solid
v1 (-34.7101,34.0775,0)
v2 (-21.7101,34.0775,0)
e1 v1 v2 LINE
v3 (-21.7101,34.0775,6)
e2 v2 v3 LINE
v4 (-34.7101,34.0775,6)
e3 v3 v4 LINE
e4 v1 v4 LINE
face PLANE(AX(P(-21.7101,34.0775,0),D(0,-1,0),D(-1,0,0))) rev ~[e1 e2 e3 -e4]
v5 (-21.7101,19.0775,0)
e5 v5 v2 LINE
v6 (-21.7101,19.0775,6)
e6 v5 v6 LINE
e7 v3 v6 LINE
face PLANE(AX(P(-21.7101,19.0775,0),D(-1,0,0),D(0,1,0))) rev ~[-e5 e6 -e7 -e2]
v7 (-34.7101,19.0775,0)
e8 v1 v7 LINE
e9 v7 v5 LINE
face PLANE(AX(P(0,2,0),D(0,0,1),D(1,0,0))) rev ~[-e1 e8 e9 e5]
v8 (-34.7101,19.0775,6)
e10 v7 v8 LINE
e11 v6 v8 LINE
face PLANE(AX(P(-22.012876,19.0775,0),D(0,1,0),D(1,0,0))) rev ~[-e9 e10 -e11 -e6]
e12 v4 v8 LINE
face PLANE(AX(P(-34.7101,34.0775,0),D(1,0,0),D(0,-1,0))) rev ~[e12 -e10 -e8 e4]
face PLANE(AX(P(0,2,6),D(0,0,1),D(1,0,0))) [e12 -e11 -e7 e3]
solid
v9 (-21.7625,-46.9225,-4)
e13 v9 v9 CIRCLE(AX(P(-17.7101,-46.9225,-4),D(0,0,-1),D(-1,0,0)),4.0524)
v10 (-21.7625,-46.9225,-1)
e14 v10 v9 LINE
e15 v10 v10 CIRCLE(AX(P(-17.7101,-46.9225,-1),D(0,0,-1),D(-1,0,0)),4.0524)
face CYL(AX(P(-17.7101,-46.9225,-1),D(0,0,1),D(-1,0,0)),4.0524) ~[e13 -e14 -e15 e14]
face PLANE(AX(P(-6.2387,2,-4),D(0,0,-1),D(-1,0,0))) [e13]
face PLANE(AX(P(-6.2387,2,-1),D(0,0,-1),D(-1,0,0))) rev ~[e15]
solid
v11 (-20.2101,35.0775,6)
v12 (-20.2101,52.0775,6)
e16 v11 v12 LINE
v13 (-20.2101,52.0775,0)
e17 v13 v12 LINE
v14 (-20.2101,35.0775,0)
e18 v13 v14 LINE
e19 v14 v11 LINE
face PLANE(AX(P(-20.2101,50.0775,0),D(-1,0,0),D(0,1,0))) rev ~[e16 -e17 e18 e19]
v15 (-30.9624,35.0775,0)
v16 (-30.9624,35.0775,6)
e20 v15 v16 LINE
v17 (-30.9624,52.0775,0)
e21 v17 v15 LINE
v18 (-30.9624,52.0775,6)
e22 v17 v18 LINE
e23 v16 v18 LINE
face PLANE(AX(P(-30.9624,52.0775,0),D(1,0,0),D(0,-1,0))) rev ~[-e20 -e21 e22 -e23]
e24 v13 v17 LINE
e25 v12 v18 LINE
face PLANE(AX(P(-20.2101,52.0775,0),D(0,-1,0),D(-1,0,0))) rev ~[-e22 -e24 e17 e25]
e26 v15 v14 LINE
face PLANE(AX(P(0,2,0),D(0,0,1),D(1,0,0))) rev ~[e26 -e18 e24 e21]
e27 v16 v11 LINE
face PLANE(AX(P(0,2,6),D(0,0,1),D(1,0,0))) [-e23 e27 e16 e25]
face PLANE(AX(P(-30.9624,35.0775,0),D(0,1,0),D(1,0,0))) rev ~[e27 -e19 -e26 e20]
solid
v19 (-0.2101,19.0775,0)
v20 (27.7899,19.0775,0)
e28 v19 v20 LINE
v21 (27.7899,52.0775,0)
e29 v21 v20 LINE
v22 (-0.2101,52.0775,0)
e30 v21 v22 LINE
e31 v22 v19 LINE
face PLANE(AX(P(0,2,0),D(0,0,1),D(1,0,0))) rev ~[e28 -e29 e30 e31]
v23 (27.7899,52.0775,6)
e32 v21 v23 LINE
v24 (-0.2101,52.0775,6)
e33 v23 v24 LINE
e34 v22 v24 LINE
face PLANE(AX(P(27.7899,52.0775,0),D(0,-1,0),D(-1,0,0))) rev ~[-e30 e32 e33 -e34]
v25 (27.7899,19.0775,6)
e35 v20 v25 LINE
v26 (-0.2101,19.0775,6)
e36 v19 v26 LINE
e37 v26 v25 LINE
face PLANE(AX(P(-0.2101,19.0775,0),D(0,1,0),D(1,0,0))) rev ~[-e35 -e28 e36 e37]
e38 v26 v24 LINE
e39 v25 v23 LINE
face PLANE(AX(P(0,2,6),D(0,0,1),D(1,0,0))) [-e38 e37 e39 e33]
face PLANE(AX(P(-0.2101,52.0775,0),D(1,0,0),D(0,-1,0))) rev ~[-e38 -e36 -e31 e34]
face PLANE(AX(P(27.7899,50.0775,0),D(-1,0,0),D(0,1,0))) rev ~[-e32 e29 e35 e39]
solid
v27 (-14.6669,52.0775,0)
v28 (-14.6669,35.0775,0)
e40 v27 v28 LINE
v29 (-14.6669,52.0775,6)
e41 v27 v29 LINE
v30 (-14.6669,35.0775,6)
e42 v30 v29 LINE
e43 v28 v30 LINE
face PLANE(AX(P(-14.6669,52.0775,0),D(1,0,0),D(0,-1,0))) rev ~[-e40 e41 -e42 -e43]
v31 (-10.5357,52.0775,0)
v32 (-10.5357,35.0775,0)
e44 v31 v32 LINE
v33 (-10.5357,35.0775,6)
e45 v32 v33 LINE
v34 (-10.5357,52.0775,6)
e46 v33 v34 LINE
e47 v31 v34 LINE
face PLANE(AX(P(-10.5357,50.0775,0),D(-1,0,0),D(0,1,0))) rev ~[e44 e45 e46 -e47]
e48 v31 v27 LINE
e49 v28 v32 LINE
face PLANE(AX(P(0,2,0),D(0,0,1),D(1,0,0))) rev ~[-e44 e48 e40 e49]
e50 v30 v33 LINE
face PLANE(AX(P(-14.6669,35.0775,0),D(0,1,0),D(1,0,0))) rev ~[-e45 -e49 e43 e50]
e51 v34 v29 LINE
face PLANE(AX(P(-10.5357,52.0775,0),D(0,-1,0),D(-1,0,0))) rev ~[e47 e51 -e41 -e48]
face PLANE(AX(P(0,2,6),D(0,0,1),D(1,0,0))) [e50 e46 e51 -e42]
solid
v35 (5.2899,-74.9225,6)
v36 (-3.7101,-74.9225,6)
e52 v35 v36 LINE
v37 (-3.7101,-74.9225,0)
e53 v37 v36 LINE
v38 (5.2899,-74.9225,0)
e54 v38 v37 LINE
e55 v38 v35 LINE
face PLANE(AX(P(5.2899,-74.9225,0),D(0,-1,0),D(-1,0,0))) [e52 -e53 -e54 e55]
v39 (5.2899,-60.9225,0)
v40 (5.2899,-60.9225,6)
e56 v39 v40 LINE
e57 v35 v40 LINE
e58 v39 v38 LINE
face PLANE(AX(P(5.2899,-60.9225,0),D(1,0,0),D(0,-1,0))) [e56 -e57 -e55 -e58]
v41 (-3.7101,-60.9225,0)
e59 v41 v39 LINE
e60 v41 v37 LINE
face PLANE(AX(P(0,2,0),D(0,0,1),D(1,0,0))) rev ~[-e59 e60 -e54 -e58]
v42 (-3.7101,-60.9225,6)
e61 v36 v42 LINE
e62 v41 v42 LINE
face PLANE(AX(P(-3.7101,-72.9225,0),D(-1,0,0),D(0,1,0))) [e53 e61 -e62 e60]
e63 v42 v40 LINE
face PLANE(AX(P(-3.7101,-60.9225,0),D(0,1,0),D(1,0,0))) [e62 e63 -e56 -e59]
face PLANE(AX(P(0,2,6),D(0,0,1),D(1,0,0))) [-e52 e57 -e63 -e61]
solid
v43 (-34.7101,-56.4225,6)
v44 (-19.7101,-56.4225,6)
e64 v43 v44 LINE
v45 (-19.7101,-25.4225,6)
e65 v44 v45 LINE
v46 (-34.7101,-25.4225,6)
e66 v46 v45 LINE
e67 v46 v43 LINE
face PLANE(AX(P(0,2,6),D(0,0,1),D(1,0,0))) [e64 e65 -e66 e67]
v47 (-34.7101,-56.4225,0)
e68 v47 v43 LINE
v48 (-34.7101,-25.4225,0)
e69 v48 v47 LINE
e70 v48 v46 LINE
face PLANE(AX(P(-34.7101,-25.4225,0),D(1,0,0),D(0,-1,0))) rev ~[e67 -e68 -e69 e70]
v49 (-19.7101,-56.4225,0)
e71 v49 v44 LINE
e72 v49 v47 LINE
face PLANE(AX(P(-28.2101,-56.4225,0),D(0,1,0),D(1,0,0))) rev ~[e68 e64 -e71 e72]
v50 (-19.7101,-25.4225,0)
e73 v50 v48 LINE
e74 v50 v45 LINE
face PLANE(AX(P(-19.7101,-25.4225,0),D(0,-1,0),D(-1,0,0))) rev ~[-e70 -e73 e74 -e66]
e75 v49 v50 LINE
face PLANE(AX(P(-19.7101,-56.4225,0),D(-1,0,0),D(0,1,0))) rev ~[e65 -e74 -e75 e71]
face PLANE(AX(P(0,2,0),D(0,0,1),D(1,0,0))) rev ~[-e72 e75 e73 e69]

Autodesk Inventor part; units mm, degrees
ref_plane "YZ Plane" through (0, 0, 0) normal (1, 0, 0) x (0, 1, 0)
ref_plane "XZ Plane" through (0, 0, 0) normal (0, 1, 0) x (-1, 0, 0)
ref_plane "XY Plane" through (0, 0, 0) normal (0, 0, 1) x (1, 0, 0)
ref_plane "Arbeitsebene1" through (0, 2, 0) normal (0, 0, 1) x (1, 0, 0)
sketch "Skizze1" plane through (0, 2, 0) normal (0, 0, 1) x (1, 0, 0)
  circle A0 centre (-20.2101, 14.0775) radius 3.5 projected
  circle A1 centre (16.2899, -69.9225) radius 3.5 projected
  circle A2 centre (27.7899, 11.0775) radius 1.5 projected
  circle A3 centre (-1.7101, -53.9225) radius 1.5 projected
  line L0 (-11.7101, -74.9225) -> (30.2899, -74.9225) projected
  line L1 (30.2899, -74.9225) -> (30.2899, 48.0775) projected
  line L2 (30.2899, 48.0775) -> (-32.7101, 48.0775) projected
  line L3 (-32.7101, 48.0775) -> (-32.7101, -53.9225) projected
  line L4 (-32.7101, -53.9225) -> (-11.7101, -74.9225) projected
  line L5 (27.7899, 50.0775) -> (-0.2101, 50.0775)
  line L6 (-0.2101, 50.0775) -> (-0.2101, 17.0775)
  line L7 (-0.2101, 17.0775) -> (27.7899, 17.0775)
  line L8 (27.7899, 17.0775) -> (27.7899, 50.0775)
  line L9 (-10.5357, 50.0775) -> (-14.6669, 50.0775)
  line L10 (-14.6669, 50.0775) -> (-14.6669, 33.0775)
  line L11 (-14.6669, 33.0775) -> (-10.5357, 33.0775)
  line L12 (-10.5357, 33.0775) -> (-10.5357, 50.0775)
  line L13 (-20.2101, 50.0775) -> (-30.9624, 50.0775)
  line L14 (-30.9624, 50.0775) -> (-30.9624, 33.0775)
  line L15 (-30.9624, 33.0775) -> (-20.2101, 33.0775)
  line L16 (-20.2101, 33.0775) -> (-20.2101, 50.0775)
  line L17 (-21.7101, 32.0775) -> (-34.7101, 32.0775)
  line L18 (-34.7101, 32.0775) -> (-34.7101, 17.0775)
  line L19 (-34.7101, 17.0775) -> (-21.7101, 17.0775)
  line L20 (-21.7101, 17.0775) -> (-21.7101, 32.0775)
  line L21 (-19.7101, -27.4225) -> (-34.7101, -27.4225)
  line L22 (-34.7101, -27.4225) -> (-34.7101, -58.4225)
  line L23 (-34.7101, -58.4225) -> (-19.7101, -58.4225)
  line L24 (-19.7101, -58.4225) -> (-19.7101, -27.4225)
  line L25 (-3.7101, -62.9225) -> (5.2899, -62.9225)
  line L26 (5.2899, -62.9225) -> (5.2899, -76.9225)
  line L27 (5.2899, -76.9225) -> (-3.7101, -76.9225)
  line L28 (-3.7101, -76.9225) -> (-3.7101, -62.9225)
  point P0 (0, -2)
  dimension "d0" = 16
  dimension "d1" = 15
  dimension "d2" = 2
  dimension "d3" = 13
  dimension "d4" = 16.5
  dimension "d5" = 0
  dimension "d6" = 15
  dimension "d7" = 31
  dimension "d8" = 25
  dimension "d9" = 9
  dimension "d10" = 14
  dimension "d11" = 2
  dimension "d18" = 2
  dimension "d19" = 1
extrude "Extrusion1" add sketch "Skizze1" along normal blind 6 contours L20 L19 A0 | A0 L19 L3 L17 L20 | L19 L18 L17 L3 | L21 L24 L23 L4 L3 | L3 L4 L23 L22 L21 | L14 L13 L16 L2 | L2 L16 L15 L14 | L10 L9 L12 L2 | L2 L12 L11 L10 | L28 L25 L26 L0 | L0 L26 L27 L28 | L6 L5 L8 L2 | L2 L8 L7 L6 picked at (-21.8789, 17.0966)
ref_plane "Arbeitsebene2" through (-6.2387, 2, -1) normal (0, 0, -1) x (-1, 0, 0)
sketch "Skizze2" plane through (-6.2387, 2, -1) normal (0, 0, -1) x (-1, 0, 0)
  circle A0 centre (13.9714, 14.0775) radius 3.5 projected
  circle A1 centre (-22.5286, -69.9225) radius 3.5 projected
  circle A2 centre (-34.0286, 11.0775) radius 1.5 projected
  circle A3 centre (-4.5286, -53.9225) radius 1.5 projected
  line L0 (-36.5286, -74.9225) -> (5.4714, -74.9225) projected
  line L1 (5.4714, -74.9225) -> (26.4714, -53.9225) projected
  line L2 (26.4714, -53.9225) -> (26.4714, 48.0775) projected
  line L3 (26.4714, 48.0775) -> (-36.5286, 48.0775) projected
  line L4 (-36.5286, 48.0775) -> (-36.5286, -74.9225) projected
  circle A4 centre (11.4714, -48.9225) radius 4.0524
  point P0 (-6.2387, -2)
  dimension "d14" = 15
  dimension "d15" = 26
extrude "Extrusion2" add sketch "Skizze2" along normal blind 3 contours A4
properties part number "02_Anschluss"
